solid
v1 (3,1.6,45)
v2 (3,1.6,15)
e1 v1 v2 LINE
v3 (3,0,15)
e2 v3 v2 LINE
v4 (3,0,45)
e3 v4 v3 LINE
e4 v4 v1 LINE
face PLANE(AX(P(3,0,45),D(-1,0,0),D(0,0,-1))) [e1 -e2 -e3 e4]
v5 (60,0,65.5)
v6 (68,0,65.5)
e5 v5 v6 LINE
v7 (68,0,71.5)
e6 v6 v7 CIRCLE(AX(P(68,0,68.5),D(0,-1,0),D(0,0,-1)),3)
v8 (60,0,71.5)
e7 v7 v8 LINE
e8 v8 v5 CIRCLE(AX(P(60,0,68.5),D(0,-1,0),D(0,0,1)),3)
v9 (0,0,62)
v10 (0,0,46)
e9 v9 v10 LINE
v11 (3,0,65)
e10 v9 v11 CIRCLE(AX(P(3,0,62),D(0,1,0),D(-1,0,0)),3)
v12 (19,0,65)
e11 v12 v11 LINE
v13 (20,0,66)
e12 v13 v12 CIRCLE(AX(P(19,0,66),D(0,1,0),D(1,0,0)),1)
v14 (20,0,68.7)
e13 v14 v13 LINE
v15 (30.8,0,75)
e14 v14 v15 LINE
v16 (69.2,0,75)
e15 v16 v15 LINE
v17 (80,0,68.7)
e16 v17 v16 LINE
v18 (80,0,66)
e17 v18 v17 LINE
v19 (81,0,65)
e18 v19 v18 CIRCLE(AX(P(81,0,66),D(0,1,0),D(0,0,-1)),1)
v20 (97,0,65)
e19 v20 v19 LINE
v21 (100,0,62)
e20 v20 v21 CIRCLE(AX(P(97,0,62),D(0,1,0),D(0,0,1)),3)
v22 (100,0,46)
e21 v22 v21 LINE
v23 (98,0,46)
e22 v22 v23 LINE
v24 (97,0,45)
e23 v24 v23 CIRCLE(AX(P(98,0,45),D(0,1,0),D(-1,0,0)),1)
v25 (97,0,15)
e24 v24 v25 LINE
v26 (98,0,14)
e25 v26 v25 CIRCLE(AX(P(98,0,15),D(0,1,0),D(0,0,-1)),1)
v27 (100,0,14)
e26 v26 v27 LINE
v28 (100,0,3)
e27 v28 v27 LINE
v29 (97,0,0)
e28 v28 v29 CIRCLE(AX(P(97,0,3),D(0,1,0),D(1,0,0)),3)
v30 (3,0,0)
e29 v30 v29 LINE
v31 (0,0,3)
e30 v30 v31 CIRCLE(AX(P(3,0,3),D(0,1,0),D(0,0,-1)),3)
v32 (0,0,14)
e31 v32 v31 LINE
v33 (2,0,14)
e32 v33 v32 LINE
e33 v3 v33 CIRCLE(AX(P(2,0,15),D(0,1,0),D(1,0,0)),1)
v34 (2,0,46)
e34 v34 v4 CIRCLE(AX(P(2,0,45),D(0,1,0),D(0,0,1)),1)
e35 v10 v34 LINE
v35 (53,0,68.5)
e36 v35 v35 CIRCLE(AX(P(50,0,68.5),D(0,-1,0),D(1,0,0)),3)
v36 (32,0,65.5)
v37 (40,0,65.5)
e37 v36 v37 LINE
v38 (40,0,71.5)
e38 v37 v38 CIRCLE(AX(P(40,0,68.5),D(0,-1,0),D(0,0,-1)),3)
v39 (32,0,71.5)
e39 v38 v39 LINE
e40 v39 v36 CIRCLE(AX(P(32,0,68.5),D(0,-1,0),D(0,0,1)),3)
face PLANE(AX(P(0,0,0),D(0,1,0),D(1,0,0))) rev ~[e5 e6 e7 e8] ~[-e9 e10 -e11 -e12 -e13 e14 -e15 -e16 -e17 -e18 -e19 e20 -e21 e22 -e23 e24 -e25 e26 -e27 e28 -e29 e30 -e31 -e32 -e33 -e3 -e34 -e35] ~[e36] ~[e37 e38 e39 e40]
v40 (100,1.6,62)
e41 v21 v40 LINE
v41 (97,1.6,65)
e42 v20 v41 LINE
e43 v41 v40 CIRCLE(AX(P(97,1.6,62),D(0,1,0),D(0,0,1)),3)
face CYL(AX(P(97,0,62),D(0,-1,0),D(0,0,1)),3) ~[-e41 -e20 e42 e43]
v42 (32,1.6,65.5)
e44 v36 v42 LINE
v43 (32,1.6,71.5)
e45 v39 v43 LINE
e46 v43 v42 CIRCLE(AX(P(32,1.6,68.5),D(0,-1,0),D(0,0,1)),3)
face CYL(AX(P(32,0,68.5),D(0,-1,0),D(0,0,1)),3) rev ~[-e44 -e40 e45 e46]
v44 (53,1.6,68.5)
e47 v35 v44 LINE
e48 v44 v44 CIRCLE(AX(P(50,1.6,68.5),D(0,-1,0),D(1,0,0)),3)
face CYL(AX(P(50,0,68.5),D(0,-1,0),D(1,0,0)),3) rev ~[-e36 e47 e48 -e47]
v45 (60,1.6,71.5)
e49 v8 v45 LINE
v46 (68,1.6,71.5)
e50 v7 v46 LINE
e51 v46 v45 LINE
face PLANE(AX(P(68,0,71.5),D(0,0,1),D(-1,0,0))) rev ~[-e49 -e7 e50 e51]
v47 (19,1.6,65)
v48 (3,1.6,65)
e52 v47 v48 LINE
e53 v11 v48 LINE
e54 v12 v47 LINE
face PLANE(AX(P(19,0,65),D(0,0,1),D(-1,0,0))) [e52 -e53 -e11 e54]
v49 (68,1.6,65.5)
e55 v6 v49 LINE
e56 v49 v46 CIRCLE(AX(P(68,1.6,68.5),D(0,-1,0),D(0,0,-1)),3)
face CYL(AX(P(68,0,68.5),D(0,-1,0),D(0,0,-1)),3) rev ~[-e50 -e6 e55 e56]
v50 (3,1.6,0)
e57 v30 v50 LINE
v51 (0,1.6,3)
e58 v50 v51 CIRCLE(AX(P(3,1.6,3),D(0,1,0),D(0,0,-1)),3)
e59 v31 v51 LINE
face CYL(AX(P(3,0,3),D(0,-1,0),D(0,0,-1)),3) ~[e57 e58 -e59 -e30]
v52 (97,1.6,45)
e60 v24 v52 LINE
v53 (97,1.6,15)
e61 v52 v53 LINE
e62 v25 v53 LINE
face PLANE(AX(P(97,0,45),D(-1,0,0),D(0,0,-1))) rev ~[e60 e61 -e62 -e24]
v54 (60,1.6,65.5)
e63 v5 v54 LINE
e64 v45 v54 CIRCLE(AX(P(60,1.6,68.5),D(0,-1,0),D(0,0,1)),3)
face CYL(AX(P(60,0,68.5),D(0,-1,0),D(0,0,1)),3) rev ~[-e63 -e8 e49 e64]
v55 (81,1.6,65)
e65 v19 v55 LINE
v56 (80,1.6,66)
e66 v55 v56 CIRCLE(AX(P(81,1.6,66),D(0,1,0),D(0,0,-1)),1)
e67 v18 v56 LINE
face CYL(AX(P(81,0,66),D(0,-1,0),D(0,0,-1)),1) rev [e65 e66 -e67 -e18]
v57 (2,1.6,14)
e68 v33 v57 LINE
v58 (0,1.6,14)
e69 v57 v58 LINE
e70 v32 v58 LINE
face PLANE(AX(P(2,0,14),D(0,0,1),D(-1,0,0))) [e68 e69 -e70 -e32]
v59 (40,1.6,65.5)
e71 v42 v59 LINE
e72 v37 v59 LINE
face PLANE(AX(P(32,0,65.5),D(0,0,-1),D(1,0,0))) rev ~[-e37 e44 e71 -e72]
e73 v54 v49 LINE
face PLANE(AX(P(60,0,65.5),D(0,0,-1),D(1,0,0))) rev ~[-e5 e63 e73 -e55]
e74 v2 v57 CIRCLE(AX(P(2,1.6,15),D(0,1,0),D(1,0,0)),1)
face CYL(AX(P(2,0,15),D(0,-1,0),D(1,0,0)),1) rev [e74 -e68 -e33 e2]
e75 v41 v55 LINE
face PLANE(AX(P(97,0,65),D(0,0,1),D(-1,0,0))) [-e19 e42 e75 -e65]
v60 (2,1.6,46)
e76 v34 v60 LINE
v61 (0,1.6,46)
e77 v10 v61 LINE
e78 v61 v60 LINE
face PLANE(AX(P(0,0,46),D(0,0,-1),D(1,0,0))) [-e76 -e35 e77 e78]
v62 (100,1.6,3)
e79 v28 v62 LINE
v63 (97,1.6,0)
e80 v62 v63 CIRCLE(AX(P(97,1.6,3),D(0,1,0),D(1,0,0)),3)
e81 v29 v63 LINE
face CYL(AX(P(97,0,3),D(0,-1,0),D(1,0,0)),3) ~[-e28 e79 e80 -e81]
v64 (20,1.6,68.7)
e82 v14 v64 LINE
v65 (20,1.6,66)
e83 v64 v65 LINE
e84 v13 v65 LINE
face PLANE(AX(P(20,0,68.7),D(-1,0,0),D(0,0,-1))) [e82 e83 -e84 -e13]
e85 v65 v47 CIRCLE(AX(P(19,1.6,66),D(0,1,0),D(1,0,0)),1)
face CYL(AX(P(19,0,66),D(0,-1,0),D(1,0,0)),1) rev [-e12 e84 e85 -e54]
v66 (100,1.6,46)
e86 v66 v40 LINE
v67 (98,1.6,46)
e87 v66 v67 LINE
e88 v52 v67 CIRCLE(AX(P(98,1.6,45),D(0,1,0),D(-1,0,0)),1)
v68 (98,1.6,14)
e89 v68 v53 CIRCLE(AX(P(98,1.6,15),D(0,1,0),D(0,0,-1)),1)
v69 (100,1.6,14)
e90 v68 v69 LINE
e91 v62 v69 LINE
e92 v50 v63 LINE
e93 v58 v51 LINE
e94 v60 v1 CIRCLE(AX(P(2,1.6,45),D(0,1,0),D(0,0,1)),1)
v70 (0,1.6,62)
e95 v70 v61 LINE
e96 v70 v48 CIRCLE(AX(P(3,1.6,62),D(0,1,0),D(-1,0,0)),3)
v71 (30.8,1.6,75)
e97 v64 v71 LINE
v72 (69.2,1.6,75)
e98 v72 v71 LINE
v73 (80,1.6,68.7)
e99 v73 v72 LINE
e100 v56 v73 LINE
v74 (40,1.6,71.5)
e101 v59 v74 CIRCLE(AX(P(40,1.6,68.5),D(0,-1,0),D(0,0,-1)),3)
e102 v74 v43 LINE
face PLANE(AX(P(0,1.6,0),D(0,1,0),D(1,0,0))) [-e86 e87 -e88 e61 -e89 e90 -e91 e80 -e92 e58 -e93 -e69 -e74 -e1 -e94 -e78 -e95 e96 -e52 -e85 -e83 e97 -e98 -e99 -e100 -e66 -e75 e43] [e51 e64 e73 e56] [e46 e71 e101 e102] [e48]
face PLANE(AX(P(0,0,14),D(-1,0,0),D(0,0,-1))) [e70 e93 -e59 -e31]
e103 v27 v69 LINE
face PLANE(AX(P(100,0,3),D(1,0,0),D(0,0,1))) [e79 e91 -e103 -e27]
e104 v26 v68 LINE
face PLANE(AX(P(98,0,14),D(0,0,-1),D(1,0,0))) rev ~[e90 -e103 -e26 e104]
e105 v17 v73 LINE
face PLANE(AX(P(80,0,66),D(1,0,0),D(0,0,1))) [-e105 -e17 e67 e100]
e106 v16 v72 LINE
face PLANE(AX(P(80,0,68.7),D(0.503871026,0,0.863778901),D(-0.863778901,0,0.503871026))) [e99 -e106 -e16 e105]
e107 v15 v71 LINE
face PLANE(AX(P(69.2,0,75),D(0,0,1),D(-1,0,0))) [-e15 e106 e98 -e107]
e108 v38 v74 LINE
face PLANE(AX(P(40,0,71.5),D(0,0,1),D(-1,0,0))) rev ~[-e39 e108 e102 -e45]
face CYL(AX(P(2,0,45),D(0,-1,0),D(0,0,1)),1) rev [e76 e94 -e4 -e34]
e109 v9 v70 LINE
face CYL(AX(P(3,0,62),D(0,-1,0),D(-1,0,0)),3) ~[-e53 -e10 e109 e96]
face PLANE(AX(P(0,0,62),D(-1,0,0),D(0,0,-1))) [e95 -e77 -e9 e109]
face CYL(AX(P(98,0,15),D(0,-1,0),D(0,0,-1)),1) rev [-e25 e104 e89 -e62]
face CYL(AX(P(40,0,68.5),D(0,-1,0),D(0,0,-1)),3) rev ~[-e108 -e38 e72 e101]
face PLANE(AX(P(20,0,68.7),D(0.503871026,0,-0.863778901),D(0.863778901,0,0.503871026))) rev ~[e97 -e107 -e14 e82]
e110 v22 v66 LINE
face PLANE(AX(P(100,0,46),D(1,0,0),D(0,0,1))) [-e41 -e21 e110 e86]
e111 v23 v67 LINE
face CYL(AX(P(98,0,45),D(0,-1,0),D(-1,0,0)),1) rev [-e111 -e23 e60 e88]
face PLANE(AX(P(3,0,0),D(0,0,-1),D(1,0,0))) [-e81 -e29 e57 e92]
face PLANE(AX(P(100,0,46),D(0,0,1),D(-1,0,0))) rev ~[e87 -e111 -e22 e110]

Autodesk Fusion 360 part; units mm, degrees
sketch "Skizze5" plane through (0, 0, 0) normal (0, 1, 0) x (1, 0, 0)
  line L0 (3, 0) -> (97, 0)
  line L1 (80, -66) -> (80, -68.7)
  line L2 (69.2, -75) -> (30.8, -75)
  line L3 (20, -68.7) -> (20, -66)
  line L4 (97, -65) -> (81, -65)
  line L5 (19, -65) -> (3, -65)
  line L6 (20, -68.7) -> (30.8, -75)
  line L7 (80, -68.7) -> (69.2, -75)
  arc A0 (20, -66) -> (19, -65) centre (19, -66) ccw
  arc A1 (81, -65) -> (80, -66) centre (81, -66) ccw
  arc A2 (0, -62) -> (3, -65) centre (3, -62) ccw
  arc A3 (97, -65) -> (100, -62) centre (97, -62) ccw
  arc A4 (100, -3) -> (97, 0) centre (97, -3) ccw
  arc A5 (3, 0) -> (0, -3) centre (3, -3) ccw
  line L8 (0, -46) -> (2, -46)
  line L9 (3, -45) -> (3, -15)
  line L10 (2, -14) -> (0, -14)
  line L11 (0, -62) -> (0, -46)
  line L12 (0, -14) -> (0, -3)
  arc A6 (2, -46) -> (3, -45) centre (2, -45) ccw
  arc A7 (3, -15) -> (2, -14) centre (2, -15) ccw
  line L13 (100, -46) -> (98, -46)
  line L14 (97, -45) -> (97, -15)
  line L15 (98, -14) -> (100, -14)
  line L16 (100, -3) -> (100, -14)
  line L17 (100, -46) -> (100, -62)
  arc A8 (97, -45) -> (98, -46) centre (98, -45) ccw
  arc A9 (98, -14) -> (97, -15) centre (98, -15) ccw
  point P0 (100, 0)
  point P1 (0, -65)
  point P2 (20, -65)
  point P3 (80, -65)
  point P4 (3, -46)
  point P5 (3, -14)
  point P6 (97, -46)
  point P7 (97, -14)
  dimension "d46" = 100
  dimension "d47" = 65
  dimension "d48" = 20
  dimension "d49" = 20
  dimension "d51" = 3.7
  dimension "d52" = 3.7
  dimension "d53" = 10.8
  dimension "d54" = 10.8
  dimension "d55" = 10
  dimension "d56" = 1
  dimension "d57" = 1
  dimension "d58" = 3
  dimension "d59" = 3
  dimension "d60" = 3
  dimension "d61" = 3
  dimension "d62" = 3
  dimension "d63" = 32
  dimension "d64" = 14
  dimension "d65" = 1
  dimension "d66" = 1
  dimension "d67" = 32
  dimension "d68" = 14
  dimension "d69" = 3
  dimension "d70" = 1
  dimension "d71" = 1
extrude "Extrusion1" add sketch "Skizze5" along normal blind 1.6
sketch "Skizze6" plane through (0, 0, 0) normal (0, -1, 0) x (1, 0, 0)
  arc A0 (97, 0) -> (100, 3) centre (97, 3) ccw
  line L0 (100, 3) -> (100, 14)
  line L1 (100, 14) -> (98, 14)
  arc A1 (97, 15) -> (98, 14) centre (98, 15) ccw
  line L2 (97, 15) -> (97, 45)
  arc A2 (98, 46) -> (97, 45) centre (98, 45) ccw
  line L3 (98, 46) -> (100, 46)
  line L4 (100, 46) -> (100, 62)
  arc A3 (100, 62) -> (97, 65) centre (97, 62) ccw
  line L5 (97, 65) -> (81, 65)
  arc A4 (80, 66) -> (81, 65) centre (81, 66) ccw
  line L6 (80, 66) -> (80, 68.7)
  line L7 (80, 68.7) -> (69.2, 75)
  line L8 (69.2, 75) -> (30.8, 75)
  line L9 (30.8, 75) -> (20, 68.7)
  line L10 (20, 68.7) -> (20, 66)
  arc A5 (19, 65) -> (20, 66) centre (19, 66) ccw
  line L11 (19, 65) -> (3, 65)
  arc A6 (3, 65) -> (0, 62) centre (3, 62) ccw
  line L12 (0, 62) -> (0, 46)
  line L13 (0, 46) -> (2, 46)
  arc A7 (3, 45) -> (2, 46) centre (2, 45) ccw
  line L14 (3, 45) -> (3, 15)
  arc A8 (2, 14) -> (3, 15) centre (2, 15) ccw
  line L15 (2, 14) -> (0, 14)
  line L16 (0, 14) -> (0, 3)
  arc A9 (0, 3) -> (3, 0) centre (3, 3) ccw
  line L17 (3, 0) -> (97, 0)
  circle A10 centre (50, 68.5) radius 3
  line L18 (32, 65.5) -> (40, 65.5)
  arc A11 (40, 65.5) -> (40, 71.5) centre (40, 68.5) ccw
  line L19 (40, 71.5) -> (32, 71.5)
  arc A12 (32, 71.5) -> (32, 65.5) centre (32, 68.5) ccw
  line L20 (32, 68.5) -> (40, 68.5) construction
  line L21 (68, 71.5) -> (60, 71.5)
  arc A13 (60, 71.5) -> (60, 65.5) centre (60, 68.5) ccw
  line L22 (60, 65.5) -> (68, 65.5)
  arc A14 (68, 65.5) -> (68, 71.5) centre (68, 68.5) ccw
  line L23 (68, 68.5) -> (60, 68.5) construction
  point P0 (36, 68.5)
  point P1 (64, 68.5)
  dimension "d77" = 50
  dimension "d78" = 68.5
  dimension "d79" = 6
  dimension "d88" = 8
  dimension "d89" = 8
  dimension "d90" = 6
  dimension "d91" = 6
  dimension "d92" = 68.5
  dimension "d93" = 68.5
  dimension "d94" = 36
  dimension "d95" = 36
extrude "Extrusion5" cut sketch "Skizze6" against normal blind 1.6 contours A10 | L18 A11 L19 A12 | L21 A13 L22 A14
